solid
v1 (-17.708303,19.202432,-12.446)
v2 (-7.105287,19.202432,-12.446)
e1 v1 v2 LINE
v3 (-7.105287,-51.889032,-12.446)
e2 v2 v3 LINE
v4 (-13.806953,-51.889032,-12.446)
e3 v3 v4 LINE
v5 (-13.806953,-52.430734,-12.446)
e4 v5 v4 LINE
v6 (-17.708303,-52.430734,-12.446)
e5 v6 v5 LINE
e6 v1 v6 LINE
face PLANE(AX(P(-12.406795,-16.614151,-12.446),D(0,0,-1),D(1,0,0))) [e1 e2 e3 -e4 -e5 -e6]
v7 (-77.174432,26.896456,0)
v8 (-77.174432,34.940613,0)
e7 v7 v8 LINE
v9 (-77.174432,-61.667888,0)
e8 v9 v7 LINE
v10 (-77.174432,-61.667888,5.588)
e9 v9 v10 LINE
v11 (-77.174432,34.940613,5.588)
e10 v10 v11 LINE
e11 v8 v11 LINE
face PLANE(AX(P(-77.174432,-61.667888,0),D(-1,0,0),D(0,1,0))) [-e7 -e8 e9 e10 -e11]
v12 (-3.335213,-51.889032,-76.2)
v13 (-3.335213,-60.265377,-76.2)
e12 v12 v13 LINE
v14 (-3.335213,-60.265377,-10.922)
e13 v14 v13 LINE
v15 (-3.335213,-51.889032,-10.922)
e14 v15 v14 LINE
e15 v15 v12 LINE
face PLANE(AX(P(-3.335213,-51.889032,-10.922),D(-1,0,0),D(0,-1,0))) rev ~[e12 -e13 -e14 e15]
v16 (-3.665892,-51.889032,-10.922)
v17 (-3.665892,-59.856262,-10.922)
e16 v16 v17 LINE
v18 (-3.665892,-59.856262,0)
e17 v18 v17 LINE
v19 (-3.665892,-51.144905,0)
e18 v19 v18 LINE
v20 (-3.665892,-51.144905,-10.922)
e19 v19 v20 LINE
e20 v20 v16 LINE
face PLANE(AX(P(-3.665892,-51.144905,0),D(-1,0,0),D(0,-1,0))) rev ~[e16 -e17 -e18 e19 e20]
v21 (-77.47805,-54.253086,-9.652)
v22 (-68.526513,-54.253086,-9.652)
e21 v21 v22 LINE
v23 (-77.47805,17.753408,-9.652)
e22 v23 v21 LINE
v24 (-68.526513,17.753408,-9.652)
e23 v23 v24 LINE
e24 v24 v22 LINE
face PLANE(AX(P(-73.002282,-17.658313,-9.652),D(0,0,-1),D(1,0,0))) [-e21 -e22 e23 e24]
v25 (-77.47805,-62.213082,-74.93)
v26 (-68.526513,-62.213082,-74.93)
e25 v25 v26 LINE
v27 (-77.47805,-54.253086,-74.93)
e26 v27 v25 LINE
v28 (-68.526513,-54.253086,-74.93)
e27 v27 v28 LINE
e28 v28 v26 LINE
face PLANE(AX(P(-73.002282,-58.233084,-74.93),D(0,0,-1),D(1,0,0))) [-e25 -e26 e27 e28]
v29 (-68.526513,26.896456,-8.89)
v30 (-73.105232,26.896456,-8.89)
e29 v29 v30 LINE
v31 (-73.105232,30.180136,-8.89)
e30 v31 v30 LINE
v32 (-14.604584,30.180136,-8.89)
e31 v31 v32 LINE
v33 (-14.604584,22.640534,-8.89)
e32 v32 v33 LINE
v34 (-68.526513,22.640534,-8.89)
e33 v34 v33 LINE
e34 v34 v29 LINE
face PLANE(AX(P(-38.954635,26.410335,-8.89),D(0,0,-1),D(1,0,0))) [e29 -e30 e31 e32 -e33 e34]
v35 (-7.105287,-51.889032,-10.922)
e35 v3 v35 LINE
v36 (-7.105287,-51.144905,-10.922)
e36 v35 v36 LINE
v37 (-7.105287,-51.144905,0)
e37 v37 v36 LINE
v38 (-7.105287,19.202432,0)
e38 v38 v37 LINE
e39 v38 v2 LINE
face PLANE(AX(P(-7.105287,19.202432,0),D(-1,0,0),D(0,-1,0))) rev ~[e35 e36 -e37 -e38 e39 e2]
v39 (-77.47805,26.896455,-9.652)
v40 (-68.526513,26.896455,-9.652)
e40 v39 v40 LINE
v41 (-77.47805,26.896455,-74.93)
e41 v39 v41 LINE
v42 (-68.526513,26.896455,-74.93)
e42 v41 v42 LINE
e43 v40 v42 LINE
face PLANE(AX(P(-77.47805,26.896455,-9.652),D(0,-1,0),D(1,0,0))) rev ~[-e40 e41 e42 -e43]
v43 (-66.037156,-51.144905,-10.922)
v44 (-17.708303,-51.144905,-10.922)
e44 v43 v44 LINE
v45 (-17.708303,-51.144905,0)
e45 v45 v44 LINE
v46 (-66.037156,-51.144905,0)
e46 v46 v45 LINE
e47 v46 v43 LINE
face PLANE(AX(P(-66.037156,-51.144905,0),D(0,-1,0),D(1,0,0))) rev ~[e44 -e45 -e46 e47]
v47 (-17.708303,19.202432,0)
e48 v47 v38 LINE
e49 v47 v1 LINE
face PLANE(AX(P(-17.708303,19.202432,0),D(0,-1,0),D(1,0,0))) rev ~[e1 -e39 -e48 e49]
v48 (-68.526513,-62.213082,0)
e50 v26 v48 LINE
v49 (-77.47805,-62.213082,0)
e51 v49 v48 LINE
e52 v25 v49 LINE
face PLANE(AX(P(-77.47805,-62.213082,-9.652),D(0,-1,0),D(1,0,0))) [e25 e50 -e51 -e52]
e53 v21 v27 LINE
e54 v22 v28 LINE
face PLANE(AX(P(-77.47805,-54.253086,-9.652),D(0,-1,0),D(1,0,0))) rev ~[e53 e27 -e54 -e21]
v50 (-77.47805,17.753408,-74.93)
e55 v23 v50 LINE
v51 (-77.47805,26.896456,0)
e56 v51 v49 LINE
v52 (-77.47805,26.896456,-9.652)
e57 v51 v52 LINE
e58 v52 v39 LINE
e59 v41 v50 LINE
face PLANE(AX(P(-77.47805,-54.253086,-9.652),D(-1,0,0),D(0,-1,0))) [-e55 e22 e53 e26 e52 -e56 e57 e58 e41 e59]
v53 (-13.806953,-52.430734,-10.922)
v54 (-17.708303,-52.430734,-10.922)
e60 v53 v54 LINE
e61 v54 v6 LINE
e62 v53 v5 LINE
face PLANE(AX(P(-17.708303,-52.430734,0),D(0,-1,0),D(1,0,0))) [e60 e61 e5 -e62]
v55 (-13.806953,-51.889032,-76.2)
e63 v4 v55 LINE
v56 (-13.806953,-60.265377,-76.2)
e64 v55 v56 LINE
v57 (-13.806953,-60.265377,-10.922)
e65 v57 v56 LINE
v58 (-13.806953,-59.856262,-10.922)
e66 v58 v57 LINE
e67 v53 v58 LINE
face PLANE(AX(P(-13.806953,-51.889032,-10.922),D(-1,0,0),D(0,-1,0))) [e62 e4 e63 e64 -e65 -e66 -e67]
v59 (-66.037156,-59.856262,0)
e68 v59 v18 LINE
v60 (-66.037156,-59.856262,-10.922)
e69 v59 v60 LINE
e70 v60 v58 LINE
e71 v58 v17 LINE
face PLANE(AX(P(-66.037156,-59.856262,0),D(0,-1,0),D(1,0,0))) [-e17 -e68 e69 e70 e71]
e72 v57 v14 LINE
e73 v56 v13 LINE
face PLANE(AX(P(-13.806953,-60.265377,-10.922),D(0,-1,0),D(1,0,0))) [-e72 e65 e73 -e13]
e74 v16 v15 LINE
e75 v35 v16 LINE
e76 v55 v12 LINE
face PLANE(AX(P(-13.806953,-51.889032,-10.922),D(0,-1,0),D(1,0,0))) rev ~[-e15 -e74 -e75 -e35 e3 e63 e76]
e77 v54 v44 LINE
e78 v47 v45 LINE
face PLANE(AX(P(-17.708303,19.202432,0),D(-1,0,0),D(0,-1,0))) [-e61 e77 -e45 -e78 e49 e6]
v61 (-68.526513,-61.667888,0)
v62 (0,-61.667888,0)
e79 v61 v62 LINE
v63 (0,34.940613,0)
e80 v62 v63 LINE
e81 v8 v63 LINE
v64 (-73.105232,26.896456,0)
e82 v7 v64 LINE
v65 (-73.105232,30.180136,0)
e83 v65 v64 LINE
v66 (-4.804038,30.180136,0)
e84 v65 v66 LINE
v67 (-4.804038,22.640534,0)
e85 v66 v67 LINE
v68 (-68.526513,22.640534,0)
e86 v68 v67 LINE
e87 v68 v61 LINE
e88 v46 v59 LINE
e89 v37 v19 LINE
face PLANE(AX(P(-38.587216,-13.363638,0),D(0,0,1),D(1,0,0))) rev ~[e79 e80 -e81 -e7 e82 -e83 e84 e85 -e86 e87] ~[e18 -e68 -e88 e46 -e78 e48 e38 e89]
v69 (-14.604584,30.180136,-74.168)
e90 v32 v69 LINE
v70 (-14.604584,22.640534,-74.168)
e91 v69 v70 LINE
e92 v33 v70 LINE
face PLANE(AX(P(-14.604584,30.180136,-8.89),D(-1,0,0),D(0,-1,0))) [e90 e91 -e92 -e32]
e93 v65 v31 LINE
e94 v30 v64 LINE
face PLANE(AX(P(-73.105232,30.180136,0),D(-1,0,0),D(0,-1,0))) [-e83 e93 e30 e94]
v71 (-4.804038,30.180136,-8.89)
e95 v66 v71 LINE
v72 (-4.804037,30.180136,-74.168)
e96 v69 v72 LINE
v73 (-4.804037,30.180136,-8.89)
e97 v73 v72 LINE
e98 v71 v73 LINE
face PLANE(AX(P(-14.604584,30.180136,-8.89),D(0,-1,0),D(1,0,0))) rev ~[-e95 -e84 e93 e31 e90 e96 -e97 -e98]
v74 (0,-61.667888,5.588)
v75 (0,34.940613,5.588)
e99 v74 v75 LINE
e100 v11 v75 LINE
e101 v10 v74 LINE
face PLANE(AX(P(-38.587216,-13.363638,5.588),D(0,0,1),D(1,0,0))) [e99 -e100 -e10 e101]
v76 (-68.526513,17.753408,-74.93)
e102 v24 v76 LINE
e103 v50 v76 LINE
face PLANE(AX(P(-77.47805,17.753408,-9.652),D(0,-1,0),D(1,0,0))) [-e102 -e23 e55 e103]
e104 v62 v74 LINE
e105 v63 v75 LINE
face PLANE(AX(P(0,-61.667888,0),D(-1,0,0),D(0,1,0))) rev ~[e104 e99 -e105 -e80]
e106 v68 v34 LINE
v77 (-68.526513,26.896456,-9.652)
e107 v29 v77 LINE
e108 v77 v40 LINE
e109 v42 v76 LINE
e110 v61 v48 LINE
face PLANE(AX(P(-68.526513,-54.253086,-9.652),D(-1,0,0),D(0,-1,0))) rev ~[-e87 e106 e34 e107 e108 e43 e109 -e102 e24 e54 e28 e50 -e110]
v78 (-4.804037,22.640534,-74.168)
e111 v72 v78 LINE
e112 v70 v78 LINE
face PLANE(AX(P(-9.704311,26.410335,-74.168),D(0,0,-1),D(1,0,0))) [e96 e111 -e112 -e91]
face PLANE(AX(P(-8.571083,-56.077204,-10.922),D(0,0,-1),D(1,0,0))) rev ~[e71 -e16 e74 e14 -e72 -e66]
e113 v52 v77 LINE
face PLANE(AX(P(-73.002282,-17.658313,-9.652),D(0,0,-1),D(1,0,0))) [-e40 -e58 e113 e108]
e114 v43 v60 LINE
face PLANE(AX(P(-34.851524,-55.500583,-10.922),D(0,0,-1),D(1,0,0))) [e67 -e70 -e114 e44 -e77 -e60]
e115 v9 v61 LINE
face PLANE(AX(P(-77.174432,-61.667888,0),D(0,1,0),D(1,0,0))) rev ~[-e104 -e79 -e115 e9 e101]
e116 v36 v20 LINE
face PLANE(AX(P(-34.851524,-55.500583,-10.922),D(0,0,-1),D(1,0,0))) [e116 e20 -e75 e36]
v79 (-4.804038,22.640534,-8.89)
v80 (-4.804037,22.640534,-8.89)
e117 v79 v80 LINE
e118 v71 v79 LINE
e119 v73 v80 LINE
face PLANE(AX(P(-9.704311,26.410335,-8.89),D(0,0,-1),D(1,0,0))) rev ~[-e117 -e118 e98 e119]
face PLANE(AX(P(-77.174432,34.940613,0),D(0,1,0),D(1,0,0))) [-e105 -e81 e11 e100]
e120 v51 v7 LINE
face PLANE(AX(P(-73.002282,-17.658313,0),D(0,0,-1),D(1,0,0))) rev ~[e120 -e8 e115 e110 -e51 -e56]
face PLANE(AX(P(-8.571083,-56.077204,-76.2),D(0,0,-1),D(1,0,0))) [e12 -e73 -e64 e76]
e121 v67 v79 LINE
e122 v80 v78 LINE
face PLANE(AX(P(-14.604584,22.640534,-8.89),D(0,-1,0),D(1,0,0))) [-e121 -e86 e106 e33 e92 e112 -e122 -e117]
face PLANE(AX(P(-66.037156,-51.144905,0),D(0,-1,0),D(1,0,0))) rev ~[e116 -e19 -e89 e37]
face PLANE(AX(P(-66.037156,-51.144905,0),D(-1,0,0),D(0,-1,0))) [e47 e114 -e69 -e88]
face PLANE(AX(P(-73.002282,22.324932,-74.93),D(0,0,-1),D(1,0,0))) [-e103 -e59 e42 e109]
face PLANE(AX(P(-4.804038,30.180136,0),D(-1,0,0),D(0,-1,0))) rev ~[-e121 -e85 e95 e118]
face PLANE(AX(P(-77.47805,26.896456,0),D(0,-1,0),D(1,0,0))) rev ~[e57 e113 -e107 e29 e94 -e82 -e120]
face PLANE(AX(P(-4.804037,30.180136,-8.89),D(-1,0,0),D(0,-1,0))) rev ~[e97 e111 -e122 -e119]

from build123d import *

# Parameters (mm, degrees)
F0_W      = 77.174433
F0_H      = 96.608501
F1_DEPTH  = 5.588
F2_W      = 68.301193
F2_H      = 7.539602
F3_DEPTH  = 8.89
F5_W      = 8.951537
F5_H      = 89.109538
F6_DEPTH  = 9.652
F7_W      = 62.371264
F7_H      = 8.711357
F8_DEPTH  = 10.922
F9_W      = 10.603017
F9_H      = 71.633166
F10_DEPTH = 12.446
F11_W     = 8.951537
F11_H     = 7.959996
F12_DEPTH = 65.278
F13_W     = 8.951537
F13_H     = 9.143047
F14_DEPTH = 65.278
F16_W     = 10.47174
F16_H     = 8.376345
F17_DEPTH = 65.278
F18_W     = 9.800547
F18_H     = 7.539602
F19_DEPTH = 65.278


with BuildPart() as f1:
    # F0 (on Top) → F1 (new body)
    with BuildSketch(Plane.XY):
        with Locations((-38.587216, -13.363638)):
            Rectangle(F0_W, F0_H)
    extrude(amount=F1_DEPTH)

    # F2 (on face) → F3 (join)
    with BuildSketch(Plane(origin=(0, 0, 0), x_dir=(1, 0, 0), z_dir=(0, 0, -1))):
        with Locations((-38.954635, -26.410335)):
            Rectangle(F2_W, F2_H)
    extrude(amount=F3_DEPTH)

    # F5 (on face) → F6 (join)
    with BuildSketch(Plane(origin=(0, 0, 0), x_dir=(1, 0, 0), z_dir=(0, 0, -1))):
        with Locations((-73.002282, 17.658313)):
            Rectangle(F5_W, F5_H)
    extrude(amount=F6_DEPTH)

    # F7 (on face) → F8 (join)
    with BuildSketch(Plane(origin=(0, 0, 0), x_dir=(1, 0, 0), z_dir=(0, 0, -1))):
        with Locations((-34.851524, 55.500583)):
            Rectangle(F7_W, F7_H)
    extrude(amount=F8_DEPTH)

    # F9 (on face) → F10 (join)
    with BuildSketch(Plane(origin=(0, 0, 0), x_dir=(1, 0, 0), z_dir=(0, 0, -1))):
        with Locations((-12.406795, 16.614151)):
            Rectangle(F9_W, F9_H)
    extrude(amount=F10_DEPTH)

    # F11 (on face) → F12 (join)
    with BuildSketch(Plane(origin=(0, 0, -9.652), x_dir=(1, 0, 0), z_dir=(0, 0, -1))):
        with Locations((-73.002282, 58.233084)):
            Rectangle(F11_W, F11_H)
    extrude(amount=F12_DEPTH)

    # F13 (on face) → F14 (join)
    with BuildSketch(Plane(origin=(0, 0, -9.652), x_dir=(1, 0, 0), z_dir=(0, 0, -1))):
        with Locations((-73.002282, -22.324932)):
            Rectangle(F13_W, F13_H)
    extrude(amount=F14_DEPTH)

    # F16 (on face) → F17 (join)
    with BuildSketch(Plane(origin=(0, 0, -10.922), x_dir=(1, 0, 0), z_dir=(0, 0, -1))):
        with Locations((-8.571083, 56.077204)):
            Rectangle(F16_W, F16_H)
    extrude(amount=F17_DEPTH)

    # F18 (on face) → F19 (join)
    with BuildSketch(Plane(origin=(0, 0, -8.89), x_dir=(1, 0, 0), z_dir=(0, 0, -1))):
        with Locations((-9.704311, -26.410335)):
            Rectangle(F18_W, F18_H)
    extrude(amount=F19_DEPTH)


solid = f1.part
